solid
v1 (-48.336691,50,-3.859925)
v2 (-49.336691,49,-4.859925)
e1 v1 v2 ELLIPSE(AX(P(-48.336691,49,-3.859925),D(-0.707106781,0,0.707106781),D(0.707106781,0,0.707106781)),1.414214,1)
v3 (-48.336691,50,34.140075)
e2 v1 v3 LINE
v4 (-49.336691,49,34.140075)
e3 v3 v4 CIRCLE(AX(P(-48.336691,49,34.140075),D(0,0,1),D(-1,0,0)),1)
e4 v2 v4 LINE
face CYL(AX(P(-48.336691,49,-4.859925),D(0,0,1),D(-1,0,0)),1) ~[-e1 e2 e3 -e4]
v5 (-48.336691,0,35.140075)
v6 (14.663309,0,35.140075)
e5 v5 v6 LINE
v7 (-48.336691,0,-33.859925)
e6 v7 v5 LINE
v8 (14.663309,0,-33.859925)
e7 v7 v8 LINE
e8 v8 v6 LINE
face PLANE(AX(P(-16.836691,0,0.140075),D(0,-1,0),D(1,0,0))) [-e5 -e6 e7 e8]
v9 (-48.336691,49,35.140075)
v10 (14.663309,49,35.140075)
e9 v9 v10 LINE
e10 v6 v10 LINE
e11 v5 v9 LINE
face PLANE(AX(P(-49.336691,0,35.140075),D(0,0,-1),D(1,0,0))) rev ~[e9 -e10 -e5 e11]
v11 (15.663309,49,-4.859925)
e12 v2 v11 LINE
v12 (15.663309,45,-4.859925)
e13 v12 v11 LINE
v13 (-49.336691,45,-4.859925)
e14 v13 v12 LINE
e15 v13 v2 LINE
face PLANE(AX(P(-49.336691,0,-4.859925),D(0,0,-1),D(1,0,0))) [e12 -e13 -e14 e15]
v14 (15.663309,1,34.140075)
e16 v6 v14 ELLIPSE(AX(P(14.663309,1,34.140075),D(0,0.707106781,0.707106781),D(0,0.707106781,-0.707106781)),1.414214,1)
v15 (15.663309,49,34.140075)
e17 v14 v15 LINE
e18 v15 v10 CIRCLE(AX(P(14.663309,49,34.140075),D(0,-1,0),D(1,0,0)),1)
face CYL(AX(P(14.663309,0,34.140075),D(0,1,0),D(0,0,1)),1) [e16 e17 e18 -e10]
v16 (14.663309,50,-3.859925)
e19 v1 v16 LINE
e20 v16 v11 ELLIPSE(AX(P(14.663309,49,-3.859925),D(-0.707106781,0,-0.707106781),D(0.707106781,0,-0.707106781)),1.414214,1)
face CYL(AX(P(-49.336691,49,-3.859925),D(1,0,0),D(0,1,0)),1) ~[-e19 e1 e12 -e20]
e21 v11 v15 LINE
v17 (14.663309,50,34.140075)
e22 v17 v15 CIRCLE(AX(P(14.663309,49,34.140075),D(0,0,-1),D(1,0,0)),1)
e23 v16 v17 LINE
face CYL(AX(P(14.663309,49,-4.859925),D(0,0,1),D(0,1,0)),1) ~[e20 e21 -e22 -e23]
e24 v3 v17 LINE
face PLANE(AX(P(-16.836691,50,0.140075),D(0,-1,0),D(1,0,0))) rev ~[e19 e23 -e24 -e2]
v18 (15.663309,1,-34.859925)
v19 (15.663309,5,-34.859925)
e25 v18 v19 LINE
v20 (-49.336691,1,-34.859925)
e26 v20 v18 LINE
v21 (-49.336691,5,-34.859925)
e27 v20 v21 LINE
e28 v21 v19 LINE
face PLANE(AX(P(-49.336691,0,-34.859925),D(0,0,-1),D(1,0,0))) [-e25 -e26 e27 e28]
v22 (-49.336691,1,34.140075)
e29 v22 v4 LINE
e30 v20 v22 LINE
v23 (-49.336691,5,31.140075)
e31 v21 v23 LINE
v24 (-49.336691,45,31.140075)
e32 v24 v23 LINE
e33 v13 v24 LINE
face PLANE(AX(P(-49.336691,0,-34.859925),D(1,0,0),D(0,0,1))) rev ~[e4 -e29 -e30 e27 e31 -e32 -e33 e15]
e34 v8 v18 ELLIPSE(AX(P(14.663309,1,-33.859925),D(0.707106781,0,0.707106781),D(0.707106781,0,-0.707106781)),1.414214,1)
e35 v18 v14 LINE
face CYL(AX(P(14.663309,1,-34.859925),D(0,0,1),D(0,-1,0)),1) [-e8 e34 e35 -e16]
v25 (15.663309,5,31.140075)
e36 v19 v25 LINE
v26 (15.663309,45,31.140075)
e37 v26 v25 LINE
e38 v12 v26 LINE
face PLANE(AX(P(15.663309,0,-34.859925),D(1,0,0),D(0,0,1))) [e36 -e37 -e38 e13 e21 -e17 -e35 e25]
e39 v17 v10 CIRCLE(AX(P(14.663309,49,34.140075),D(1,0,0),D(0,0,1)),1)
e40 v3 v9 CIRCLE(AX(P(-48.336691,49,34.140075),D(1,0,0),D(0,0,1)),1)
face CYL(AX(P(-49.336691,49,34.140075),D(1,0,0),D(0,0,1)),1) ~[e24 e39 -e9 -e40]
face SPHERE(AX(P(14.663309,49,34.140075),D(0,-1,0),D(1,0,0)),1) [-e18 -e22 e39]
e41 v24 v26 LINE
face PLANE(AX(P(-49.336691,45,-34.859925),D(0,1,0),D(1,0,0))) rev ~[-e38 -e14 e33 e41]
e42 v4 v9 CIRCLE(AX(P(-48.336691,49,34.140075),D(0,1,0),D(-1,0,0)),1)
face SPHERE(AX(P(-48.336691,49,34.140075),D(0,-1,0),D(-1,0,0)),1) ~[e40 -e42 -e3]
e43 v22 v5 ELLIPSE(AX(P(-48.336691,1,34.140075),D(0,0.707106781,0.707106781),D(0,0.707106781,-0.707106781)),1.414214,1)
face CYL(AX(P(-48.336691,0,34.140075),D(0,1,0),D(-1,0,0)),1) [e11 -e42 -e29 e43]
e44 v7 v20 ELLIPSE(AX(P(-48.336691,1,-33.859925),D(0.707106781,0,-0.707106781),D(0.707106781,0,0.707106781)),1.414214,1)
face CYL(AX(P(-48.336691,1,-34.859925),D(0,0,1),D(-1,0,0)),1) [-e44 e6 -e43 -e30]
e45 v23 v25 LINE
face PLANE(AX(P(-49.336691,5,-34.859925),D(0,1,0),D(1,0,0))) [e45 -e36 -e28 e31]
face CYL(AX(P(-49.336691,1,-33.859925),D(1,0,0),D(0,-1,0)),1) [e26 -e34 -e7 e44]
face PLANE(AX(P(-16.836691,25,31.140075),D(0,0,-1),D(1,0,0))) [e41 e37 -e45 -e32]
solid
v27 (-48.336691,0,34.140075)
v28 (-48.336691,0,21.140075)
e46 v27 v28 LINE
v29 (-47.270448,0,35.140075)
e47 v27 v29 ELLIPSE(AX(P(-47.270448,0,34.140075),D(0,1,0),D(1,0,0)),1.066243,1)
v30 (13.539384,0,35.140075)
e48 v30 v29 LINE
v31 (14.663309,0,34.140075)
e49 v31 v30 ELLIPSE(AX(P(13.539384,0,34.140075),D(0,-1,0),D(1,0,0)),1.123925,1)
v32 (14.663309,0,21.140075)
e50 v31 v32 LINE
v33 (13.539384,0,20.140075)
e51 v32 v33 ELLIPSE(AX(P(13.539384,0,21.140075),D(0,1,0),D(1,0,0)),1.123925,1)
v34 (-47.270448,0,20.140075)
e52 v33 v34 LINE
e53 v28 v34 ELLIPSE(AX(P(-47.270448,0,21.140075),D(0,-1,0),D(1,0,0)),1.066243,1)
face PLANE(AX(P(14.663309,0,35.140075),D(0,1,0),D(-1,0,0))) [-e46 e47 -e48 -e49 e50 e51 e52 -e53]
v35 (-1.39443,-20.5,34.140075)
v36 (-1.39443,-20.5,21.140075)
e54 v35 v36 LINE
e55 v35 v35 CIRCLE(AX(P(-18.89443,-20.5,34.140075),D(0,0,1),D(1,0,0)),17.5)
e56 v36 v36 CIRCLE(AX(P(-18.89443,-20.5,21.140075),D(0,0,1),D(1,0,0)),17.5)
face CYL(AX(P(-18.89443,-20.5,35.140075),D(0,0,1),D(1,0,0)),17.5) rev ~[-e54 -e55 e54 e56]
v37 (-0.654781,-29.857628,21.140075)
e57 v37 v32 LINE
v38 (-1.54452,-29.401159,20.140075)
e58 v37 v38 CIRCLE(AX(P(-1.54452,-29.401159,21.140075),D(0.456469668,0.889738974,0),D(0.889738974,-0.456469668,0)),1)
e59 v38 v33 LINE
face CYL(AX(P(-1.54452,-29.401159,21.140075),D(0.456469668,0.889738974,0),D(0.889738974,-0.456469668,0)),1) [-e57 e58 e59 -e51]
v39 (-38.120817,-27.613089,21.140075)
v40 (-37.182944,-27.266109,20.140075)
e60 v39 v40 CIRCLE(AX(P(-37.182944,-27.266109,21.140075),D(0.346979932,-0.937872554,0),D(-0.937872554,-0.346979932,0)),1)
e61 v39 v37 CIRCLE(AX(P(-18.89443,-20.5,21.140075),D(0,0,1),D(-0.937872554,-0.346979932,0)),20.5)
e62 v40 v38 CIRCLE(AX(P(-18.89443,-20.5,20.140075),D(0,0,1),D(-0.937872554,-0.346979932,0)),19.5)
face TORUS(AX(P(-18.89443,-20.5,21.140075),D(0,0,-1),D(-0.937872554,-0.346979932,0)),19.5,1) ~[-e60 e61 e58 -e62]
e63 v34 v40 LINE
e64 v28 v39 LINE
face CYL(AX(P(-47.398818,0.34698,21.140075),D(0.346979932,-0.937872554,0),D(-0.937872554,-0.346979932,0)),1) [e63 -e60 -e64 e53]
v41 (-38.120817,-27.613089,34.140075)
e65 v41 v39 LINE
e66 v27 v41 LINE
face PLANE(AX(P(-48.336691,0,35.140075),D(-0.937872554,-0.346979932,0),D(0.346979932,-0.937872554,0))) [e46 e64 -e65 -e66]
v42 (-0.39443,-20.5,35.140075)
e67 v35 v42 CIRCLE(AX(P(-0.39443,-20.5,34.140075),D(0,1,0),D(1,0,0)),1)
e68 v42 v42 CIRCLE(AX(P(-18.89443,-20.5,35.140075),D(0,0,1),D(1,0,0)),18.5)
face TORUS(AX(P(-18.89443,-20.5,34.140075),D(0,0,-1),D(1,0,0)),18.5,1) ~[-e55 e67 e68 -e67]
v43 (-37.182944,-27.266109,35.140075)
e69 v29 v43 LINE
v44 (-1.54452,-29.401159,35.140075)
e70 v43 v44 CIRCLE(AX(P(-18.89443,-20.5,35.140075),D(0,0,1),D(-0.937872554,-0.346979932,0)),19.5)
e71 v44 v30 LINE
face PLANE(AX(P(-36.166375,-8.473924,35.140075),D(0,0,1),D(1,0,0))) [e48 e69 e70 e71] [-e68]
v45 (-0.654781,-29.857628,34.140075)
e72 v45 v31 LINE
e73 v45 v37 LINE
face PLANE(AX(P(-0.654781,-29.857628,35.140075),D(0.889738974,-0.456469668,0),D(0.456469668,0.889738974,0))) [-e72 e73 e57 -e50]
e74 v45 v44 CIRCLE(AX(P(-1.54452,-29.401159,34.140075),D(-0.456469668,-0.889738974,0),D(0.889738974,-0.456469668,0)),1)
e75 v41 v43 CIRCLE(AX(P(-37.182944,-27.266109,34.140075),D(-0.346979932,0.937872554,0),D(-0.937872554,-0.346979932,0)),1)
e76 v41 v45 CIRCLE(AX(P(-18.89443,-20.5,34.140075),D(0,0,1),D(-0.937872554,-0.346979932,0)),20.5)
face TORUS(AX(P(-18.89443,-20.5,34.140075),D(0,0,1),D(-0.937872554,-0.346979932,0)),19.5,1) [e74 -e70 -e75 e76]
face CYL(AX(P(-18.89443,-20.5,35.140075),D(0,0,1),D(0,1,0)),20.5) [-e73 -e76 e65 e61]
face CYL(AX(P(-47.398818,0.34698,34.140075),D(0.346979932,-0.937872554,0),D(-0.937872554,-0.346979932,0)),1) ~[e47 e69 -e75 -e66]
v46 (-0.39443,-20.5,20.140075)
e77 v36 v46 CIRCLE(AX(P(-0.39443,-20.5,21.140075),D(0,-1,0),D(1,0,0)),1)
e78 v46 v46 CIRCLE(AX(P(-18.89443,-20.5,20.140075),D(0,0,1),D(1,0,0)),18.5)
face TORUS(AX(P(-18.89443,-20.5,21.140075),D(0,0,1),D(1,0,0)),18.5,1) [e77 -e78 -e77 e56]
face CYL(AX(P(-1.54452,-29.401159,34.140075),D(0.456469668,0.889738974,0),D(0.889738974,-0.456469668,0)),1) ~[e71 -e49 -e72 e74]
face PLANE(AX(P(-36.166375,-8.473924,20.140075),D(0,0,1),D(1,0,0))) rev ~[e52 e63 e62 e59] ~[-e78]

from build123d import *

# Parameters (mm, degrees)
F0_W     = 65
F0_H     = 70
F1_DEPTH = 50
F2_W     = 65
F2_H     = 40
F3_DEPTH = 66
F4_DEPTH = 30
F5_R     = 17.5
F6_DEPTH = 25
F7_DEPTH = 15
F8_R     = 1
F8_2_R   = 1


with BuildPart() as f1:
    # F0 (on Front) → F1 (new body)
    with BuildSketch(Plane.XZ):
        with Locations((-16.8366907164, 0.1400746397)):
            Rectangle(F0_W, F0_H)
    extrude(amount=-F1_DEPTH)

    # F2 (on face) → F3 (cut, through all)
    with BuildSketch(Plane(origin=(0, 0, -34.8599253603), x_dir=(1, 0, 0), z_dir=(0, 0, -1))):
        with Locations((-16.8366907164, -25)):
            Rectangle(F2_W, F2_H)
    extrude(amount=-F3_DEPTH, mode=Mode.SUBTRACT)

    # F4 (cut, through all): a face of the model
    f4_faces = [f1.faces().sort_by_distance(p)[0] for p in [
        (-16.8366907164, 47.5, -34.8599253603),
    ]]
    extrude(f4_faces, amount=-F4_DEPTH, mode=Mode.SUBTRACT)

    # F5 (on face) → F6 (cut)
    with BuildSketch(Plane.XY.offset(35.1400746397)):
        with Locations((-18.8944296206, -20.5)):
            Circle(F5_R)
    extrude(amount=-F6_DEPTH, mode=Mode.SUBTRACT)

    # F8#2
    f8_2_edges = [f1.edges().sort_by_distance(p)[0] for p in [
        (15.663309, 25, 35.140075),
        (-49.336691, 25, 35.140075),
        (-16.836691, 50, -4.859925),
        (15.663309, 50, 15.140075),
        (-49.336691, 50, 15.140075),
        (-16.836691, 0, -34.859925),
        (-16.836691, 50, 35.140075),
        (-49.336691, 0, 0.140075),
        (15.663309, 0, 0.140075),
    ]]
    fillet(f8_2_edges, radius=F8_2_R)


with BuildPart() as f7:
    # F5 (on face) → F7 (new body)
    with BuildSketch(Plane.XY.offset(35.1400746397)):
        with BuildLine():
            Line((-48.3366907164, 0), (-38.1208169713, -27.6130886006))
            ThreePointArc((-38.1208169713, -27.6130886006), (-35.718048677, -8.7860834114), (-18.8944296206, 0))
            Line((-18.8944296206, 0), (-48.3366907164, 0))
        make_face()
        with BuildLine():
            ThreePointArc((1.6055703794, -20.5), (1.0324718437, -25.3133769884), (-0.6547806482, -29.8576281911))
            Line((-0.6547806482, -29.8576281911), (14.6633092836, 0))
            Line((14.6633092836, 0), (-18.8944296206, 0))
            ThreePointArc((-18.8944296206, 0), (-4.3987406062, -6.0043109857), (1.6055703794, -20.5))
        make_face()
        with BuildLine():
            ThreePointArc((-18.8944296206, 0), (-35.718048677, -8.7860834114), (-38.1208169713, -27.6130886006))
            ThreePointArc((-38.1208169713, -27.6130886006), (-20.1203589212, -40.9633110065), (-0.6547806482, -29.8576281911))
            ThreePointArc((-0.6547806482, -29.8576281911), (1.0324718437, -25.3133769884), (1.6055703794, -20.5))
            ThreePointArc((1.6055703794, -20.5), (-4.3987406062, -6.0043109857), (-18.8944296206, 0))
        make_face()
        with Locations((-18.8944296206, -20.5)):
            Circle(F5_R, mode=Mode.SUBTRACT)
    extrude(amount=-F7_DEPTH)

    # F8
    f8_edges = [f7.edges().sort_by_distance(p)[0] for p in [
        (-43.228754, -13.806544, 35.140075),
        (-36.39443, -20.5, 35.140075),
        (-43.228754, -13.806544, 20.140075),
        (-36.39443, -20.5, 20.140075),
    ]]
    fillet(f8_edges, radius=F8_R)


solid = Compound([f1.part, f7.part])
